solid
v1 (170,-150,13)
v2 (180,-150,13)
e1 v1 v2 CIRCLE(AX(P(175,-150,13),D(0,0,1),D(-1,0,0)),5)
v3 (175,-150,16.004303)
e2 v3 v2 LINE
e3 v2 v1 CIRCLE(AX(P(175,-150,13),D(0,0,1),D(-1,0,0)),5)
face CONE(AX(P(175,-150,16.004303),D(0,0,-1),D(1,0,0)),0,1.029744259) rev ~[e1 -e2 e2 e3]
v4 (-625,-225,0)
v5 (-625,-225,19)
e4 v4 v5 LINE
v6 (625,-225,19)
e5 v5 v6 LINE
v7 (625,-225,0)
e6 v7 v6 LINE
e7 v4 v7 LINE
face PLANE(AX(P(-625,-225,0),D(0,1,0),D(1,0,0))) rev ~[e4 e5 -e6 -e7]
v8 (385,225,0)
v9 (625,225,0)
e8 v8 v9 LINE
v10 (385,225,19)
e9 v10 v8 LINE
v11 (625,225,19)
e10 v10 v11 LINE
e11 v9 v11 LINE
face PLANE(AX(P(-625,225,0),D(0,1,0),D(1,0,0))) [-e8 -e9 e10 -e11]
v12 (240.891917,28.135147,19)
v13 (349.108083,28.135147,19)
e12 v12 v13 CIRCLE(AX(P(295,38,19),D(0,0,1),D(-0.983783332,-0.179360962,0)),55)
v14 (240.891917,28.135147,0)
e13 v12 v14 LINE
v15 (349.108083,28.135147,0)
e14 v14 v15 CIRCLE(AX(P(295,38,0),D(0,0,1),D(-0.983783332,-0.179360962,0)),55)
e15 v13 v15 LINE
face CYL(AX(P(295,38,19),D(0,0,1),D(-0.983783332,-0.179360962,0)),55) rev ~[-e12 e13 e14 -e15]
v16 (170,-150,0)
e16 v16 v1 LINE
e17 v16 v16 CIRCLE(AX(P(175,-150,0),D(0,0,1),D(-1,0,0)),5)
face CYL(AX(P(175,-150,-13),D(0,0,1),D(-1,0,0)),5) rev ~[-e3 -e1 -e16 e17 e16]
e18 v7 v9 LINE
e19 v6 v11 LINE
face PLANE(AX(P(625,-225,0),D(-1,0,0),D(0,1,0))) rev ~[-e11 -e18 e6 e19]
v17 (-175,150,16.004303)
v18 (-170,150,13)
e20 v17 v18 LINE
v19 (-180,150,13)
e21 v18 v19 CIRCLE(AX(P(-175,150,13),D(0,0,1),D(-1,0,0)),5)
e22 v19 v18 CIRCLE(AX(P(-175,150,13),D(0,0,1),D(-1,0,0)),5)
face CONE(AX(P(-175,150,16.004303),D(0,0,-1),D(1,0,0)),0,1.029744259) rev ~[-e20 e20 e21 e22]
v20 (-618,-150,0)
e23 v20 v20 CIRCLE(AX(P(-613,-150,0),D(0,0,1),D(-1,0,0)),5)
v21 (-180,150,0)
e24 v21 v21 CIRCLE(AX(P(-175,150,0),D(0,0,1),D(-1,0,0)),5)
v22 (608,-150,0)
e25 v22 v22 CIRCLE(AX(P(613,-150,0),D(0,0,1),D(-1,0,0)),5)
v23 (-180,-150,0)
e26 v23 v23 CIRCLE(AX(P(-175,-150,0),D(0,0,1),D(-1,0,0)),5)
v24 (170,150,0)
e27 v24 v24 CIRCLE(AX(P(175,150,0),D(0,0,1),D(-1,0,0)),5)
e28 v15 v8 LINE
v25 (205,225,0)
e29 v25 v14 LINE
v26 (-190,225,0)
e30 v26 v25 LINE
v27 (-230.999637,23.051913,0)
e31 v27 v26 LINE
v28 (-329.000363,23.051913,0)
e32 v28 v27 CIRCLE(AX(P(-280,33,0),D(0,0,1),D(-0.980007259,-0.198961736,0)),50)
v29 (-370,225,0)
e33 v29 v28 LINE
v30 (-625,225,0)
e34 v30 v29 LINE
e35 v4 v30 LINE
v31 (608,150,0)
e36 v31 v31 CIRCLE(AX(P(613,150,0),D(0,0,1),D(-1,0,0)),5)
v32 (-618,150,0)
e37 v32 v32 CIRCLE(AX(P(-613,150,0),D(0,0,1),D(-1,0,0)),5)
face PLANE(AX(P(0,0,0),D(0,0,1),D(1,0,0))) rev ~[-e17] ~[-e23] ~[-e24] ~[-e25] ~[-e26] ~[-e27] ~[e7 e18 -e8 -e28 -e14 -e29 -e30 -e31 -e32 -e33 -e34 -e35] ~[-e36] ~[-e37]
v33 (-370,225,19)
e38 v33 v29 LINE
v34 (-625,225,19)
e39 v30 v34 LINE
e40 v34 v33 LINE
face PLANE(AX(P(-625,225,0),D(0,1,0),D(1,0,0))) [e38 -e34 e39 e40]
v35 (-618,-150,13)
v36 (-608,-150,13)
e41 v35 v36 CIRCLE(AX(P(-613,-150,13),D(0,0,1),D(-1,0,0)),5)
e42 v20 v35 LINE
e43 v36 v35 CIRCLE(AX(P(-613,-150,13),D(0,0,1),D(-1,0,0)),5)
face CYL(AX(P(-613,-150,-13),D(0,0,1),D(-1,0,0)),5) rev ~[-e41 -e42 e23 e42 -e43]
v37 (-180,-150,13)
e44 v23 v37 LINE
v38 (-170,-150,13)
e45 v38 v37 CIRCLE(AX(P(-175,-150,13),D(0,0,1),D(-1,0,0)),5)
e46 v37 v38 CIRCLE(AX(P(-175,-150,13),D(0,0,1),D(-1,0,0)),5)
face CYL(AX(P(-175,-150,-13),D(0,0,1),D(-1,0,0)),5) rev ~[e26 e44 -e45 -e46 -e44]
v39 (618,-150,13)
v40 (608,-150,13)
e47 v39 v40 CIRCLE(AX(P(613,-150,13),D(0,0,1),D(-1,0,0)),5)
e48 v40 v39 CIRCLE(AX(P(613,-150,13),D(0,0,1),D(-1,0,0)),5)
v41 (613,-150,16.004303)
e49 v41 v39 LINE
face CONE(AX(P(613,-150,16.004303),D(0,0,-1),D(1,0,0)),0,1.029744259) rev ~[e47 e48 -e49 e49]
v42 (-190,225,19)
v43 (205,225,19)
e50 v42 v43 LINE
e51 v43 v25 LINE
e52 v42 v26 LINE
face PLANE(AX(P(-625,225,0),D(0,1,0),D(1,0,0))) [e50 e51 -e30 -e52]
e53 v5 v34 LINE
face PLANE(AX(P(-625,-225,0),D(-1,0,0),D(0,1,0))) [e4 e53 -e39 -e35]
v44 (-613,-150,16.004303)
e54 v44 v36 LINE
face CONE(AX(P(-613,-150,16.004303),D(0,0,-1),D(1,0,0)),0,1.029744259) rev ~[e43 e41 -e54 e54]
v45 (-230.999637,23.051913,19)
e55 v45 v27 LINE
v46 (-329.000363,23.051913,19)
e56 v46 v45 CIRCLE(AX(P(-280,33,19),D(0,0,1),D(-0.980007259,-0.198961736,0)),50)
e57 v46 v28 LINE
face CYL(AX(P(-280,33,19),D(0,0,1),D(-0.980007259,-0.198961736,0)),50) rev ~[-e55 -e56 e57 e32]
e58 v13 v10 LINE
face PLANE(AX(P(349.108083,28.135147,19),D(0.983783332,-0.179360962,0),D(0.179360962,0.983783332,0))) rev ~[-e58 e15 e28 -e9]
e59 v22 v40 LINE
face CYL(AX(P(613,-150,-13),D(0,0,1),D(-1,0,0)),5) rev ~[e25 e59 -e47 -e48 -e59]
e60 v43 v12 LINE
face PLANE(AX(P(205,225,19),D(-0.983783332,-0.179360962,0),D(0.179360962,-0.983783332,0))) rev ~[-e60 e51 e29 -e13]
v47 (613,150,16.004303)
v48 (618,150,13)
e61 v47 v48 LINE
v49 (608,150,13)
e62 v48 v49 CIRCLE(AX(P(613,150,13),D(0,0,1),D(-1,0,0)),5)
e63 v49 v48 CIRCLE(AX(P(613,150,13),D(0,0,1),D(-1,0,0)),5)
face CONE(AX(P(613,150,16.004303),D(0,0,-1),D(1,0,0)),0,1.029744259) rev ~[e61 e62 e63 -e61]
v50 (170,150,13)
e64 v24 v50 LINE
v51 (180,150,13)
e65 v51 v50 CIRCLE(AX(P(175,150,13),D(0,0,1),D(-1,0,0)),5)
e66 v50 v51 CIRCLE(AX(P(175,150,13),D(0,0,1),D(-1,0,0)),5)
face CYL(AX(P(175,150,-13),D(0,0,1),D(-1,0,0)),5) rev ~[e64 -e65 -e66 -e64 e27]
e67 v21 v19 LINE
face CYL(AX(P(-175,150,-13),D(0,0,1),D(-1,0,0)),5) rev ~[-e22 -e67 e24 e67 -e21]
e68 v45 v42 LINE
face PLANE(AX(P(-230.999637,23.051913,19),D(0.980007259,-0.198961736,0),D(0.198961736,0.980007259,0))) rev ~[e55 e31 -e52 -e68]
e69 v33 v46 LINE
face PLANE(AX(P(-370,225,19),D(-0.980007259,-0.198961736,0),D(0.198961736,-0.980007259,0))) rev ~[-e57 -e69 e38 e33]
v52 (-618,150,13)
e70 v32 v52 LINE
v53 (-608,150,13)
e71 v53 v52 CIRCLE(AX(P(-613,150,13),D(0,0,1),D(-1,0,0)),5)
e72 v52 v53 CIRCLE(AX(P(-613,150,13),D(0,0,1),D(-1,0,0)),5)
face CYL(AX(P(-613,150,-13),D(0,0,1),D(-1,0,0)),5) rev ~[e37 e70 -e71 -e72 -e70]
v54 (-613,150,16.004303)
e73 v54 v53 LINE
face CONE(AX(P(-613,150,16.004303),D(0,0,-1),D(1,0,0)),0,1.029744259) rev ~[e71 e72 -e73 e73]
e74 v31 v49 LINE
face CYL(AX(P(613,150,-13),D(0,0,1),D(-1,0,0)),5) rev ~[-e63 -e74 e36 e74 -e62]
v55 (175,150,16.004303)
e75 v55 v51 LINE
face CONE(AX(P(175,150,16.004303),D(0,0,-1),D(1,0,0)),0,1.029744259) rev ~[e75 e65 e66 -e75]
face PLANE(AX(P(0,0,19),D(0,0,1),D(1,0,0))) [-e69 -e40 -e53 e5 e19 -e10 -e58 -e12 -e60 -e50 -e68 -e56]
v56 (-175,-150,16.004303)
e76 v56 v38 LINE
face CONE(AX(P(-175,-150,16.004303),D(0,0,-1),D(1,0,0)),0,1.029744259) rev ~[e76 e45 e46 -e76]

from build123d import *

# Parameters (mm, degrees)
F0_W     = 1250
F0_H     = 450
F1_DEPTH = 19
F3_DEPTH = 19
F5_DEPTH = 19
F7_D     = 10
F7_DEPTH = 13
F7_TIP   = 3.0043030951


with BuildPart() as f1:
    # F0 (on Top) → F1 (new body)
    with BuildSketch(Plane.XY):
        Rectangle(F0_W, F0_H)
    extrude(amount=F1_DEPTH)

    # F2 (on face) → F3 (cut, through all)
    with BuildSketch(Plane.XY.offset(19)):
        with BuildLine():
            Line((-190, 225), (-370, 225))
            Line((-370, 225), (-329.0003629481, 23.0519132014))
            ThreePointArc((-329.0003629481, 23.0519132014), (-280, -17), (-230.9996370519, 23.0519132014))
            Line((-230.9996370519, 23.0519132014), (-190, 225))
        make_face()
    extrude(amount=-F3_DEPTH, mode=Mode.SUBTRACT)

    # F4 (on face) → F5 (cut, through all)
    with BuildSketch(Plane.XY.offset(19)):
        with BuildLine():
            Line((385, 225), (205, 225))
            Line((205, 225), (240.8919167139, 28.1351470815))
            ThreePointArc((240.8919167139, 28.1351470815), (295, -17), (349.1080832861, 28.1351470815))
            Line((349.1080832861, 28.1351470815), (385, 225))
        make_face()
    extrude(amount=-F5_DEPTH, mode=Mode.SUBTRACT)

    # F7
    with Locations(Plane(origin=(0, 0, 0), x_dir=(1, 0, 0), z_dir=(0, 0, -1))):
        with Locations((-613, 150), (-175, 150), (175, 150), (613, 150), (-613, -150), (-175, -150), (175, -150), (613, -150)):
            Hole(F7_D / 2, depth=F7_DEPTH)
            with Locations((0, 0, -(F7_DEPTH + F7_TIP / 2))):  # 118° drill point
                Cone(0, F7_D / 2, F7_TIP, mode=Mode.SUBTRACT)


solid = f1.part
